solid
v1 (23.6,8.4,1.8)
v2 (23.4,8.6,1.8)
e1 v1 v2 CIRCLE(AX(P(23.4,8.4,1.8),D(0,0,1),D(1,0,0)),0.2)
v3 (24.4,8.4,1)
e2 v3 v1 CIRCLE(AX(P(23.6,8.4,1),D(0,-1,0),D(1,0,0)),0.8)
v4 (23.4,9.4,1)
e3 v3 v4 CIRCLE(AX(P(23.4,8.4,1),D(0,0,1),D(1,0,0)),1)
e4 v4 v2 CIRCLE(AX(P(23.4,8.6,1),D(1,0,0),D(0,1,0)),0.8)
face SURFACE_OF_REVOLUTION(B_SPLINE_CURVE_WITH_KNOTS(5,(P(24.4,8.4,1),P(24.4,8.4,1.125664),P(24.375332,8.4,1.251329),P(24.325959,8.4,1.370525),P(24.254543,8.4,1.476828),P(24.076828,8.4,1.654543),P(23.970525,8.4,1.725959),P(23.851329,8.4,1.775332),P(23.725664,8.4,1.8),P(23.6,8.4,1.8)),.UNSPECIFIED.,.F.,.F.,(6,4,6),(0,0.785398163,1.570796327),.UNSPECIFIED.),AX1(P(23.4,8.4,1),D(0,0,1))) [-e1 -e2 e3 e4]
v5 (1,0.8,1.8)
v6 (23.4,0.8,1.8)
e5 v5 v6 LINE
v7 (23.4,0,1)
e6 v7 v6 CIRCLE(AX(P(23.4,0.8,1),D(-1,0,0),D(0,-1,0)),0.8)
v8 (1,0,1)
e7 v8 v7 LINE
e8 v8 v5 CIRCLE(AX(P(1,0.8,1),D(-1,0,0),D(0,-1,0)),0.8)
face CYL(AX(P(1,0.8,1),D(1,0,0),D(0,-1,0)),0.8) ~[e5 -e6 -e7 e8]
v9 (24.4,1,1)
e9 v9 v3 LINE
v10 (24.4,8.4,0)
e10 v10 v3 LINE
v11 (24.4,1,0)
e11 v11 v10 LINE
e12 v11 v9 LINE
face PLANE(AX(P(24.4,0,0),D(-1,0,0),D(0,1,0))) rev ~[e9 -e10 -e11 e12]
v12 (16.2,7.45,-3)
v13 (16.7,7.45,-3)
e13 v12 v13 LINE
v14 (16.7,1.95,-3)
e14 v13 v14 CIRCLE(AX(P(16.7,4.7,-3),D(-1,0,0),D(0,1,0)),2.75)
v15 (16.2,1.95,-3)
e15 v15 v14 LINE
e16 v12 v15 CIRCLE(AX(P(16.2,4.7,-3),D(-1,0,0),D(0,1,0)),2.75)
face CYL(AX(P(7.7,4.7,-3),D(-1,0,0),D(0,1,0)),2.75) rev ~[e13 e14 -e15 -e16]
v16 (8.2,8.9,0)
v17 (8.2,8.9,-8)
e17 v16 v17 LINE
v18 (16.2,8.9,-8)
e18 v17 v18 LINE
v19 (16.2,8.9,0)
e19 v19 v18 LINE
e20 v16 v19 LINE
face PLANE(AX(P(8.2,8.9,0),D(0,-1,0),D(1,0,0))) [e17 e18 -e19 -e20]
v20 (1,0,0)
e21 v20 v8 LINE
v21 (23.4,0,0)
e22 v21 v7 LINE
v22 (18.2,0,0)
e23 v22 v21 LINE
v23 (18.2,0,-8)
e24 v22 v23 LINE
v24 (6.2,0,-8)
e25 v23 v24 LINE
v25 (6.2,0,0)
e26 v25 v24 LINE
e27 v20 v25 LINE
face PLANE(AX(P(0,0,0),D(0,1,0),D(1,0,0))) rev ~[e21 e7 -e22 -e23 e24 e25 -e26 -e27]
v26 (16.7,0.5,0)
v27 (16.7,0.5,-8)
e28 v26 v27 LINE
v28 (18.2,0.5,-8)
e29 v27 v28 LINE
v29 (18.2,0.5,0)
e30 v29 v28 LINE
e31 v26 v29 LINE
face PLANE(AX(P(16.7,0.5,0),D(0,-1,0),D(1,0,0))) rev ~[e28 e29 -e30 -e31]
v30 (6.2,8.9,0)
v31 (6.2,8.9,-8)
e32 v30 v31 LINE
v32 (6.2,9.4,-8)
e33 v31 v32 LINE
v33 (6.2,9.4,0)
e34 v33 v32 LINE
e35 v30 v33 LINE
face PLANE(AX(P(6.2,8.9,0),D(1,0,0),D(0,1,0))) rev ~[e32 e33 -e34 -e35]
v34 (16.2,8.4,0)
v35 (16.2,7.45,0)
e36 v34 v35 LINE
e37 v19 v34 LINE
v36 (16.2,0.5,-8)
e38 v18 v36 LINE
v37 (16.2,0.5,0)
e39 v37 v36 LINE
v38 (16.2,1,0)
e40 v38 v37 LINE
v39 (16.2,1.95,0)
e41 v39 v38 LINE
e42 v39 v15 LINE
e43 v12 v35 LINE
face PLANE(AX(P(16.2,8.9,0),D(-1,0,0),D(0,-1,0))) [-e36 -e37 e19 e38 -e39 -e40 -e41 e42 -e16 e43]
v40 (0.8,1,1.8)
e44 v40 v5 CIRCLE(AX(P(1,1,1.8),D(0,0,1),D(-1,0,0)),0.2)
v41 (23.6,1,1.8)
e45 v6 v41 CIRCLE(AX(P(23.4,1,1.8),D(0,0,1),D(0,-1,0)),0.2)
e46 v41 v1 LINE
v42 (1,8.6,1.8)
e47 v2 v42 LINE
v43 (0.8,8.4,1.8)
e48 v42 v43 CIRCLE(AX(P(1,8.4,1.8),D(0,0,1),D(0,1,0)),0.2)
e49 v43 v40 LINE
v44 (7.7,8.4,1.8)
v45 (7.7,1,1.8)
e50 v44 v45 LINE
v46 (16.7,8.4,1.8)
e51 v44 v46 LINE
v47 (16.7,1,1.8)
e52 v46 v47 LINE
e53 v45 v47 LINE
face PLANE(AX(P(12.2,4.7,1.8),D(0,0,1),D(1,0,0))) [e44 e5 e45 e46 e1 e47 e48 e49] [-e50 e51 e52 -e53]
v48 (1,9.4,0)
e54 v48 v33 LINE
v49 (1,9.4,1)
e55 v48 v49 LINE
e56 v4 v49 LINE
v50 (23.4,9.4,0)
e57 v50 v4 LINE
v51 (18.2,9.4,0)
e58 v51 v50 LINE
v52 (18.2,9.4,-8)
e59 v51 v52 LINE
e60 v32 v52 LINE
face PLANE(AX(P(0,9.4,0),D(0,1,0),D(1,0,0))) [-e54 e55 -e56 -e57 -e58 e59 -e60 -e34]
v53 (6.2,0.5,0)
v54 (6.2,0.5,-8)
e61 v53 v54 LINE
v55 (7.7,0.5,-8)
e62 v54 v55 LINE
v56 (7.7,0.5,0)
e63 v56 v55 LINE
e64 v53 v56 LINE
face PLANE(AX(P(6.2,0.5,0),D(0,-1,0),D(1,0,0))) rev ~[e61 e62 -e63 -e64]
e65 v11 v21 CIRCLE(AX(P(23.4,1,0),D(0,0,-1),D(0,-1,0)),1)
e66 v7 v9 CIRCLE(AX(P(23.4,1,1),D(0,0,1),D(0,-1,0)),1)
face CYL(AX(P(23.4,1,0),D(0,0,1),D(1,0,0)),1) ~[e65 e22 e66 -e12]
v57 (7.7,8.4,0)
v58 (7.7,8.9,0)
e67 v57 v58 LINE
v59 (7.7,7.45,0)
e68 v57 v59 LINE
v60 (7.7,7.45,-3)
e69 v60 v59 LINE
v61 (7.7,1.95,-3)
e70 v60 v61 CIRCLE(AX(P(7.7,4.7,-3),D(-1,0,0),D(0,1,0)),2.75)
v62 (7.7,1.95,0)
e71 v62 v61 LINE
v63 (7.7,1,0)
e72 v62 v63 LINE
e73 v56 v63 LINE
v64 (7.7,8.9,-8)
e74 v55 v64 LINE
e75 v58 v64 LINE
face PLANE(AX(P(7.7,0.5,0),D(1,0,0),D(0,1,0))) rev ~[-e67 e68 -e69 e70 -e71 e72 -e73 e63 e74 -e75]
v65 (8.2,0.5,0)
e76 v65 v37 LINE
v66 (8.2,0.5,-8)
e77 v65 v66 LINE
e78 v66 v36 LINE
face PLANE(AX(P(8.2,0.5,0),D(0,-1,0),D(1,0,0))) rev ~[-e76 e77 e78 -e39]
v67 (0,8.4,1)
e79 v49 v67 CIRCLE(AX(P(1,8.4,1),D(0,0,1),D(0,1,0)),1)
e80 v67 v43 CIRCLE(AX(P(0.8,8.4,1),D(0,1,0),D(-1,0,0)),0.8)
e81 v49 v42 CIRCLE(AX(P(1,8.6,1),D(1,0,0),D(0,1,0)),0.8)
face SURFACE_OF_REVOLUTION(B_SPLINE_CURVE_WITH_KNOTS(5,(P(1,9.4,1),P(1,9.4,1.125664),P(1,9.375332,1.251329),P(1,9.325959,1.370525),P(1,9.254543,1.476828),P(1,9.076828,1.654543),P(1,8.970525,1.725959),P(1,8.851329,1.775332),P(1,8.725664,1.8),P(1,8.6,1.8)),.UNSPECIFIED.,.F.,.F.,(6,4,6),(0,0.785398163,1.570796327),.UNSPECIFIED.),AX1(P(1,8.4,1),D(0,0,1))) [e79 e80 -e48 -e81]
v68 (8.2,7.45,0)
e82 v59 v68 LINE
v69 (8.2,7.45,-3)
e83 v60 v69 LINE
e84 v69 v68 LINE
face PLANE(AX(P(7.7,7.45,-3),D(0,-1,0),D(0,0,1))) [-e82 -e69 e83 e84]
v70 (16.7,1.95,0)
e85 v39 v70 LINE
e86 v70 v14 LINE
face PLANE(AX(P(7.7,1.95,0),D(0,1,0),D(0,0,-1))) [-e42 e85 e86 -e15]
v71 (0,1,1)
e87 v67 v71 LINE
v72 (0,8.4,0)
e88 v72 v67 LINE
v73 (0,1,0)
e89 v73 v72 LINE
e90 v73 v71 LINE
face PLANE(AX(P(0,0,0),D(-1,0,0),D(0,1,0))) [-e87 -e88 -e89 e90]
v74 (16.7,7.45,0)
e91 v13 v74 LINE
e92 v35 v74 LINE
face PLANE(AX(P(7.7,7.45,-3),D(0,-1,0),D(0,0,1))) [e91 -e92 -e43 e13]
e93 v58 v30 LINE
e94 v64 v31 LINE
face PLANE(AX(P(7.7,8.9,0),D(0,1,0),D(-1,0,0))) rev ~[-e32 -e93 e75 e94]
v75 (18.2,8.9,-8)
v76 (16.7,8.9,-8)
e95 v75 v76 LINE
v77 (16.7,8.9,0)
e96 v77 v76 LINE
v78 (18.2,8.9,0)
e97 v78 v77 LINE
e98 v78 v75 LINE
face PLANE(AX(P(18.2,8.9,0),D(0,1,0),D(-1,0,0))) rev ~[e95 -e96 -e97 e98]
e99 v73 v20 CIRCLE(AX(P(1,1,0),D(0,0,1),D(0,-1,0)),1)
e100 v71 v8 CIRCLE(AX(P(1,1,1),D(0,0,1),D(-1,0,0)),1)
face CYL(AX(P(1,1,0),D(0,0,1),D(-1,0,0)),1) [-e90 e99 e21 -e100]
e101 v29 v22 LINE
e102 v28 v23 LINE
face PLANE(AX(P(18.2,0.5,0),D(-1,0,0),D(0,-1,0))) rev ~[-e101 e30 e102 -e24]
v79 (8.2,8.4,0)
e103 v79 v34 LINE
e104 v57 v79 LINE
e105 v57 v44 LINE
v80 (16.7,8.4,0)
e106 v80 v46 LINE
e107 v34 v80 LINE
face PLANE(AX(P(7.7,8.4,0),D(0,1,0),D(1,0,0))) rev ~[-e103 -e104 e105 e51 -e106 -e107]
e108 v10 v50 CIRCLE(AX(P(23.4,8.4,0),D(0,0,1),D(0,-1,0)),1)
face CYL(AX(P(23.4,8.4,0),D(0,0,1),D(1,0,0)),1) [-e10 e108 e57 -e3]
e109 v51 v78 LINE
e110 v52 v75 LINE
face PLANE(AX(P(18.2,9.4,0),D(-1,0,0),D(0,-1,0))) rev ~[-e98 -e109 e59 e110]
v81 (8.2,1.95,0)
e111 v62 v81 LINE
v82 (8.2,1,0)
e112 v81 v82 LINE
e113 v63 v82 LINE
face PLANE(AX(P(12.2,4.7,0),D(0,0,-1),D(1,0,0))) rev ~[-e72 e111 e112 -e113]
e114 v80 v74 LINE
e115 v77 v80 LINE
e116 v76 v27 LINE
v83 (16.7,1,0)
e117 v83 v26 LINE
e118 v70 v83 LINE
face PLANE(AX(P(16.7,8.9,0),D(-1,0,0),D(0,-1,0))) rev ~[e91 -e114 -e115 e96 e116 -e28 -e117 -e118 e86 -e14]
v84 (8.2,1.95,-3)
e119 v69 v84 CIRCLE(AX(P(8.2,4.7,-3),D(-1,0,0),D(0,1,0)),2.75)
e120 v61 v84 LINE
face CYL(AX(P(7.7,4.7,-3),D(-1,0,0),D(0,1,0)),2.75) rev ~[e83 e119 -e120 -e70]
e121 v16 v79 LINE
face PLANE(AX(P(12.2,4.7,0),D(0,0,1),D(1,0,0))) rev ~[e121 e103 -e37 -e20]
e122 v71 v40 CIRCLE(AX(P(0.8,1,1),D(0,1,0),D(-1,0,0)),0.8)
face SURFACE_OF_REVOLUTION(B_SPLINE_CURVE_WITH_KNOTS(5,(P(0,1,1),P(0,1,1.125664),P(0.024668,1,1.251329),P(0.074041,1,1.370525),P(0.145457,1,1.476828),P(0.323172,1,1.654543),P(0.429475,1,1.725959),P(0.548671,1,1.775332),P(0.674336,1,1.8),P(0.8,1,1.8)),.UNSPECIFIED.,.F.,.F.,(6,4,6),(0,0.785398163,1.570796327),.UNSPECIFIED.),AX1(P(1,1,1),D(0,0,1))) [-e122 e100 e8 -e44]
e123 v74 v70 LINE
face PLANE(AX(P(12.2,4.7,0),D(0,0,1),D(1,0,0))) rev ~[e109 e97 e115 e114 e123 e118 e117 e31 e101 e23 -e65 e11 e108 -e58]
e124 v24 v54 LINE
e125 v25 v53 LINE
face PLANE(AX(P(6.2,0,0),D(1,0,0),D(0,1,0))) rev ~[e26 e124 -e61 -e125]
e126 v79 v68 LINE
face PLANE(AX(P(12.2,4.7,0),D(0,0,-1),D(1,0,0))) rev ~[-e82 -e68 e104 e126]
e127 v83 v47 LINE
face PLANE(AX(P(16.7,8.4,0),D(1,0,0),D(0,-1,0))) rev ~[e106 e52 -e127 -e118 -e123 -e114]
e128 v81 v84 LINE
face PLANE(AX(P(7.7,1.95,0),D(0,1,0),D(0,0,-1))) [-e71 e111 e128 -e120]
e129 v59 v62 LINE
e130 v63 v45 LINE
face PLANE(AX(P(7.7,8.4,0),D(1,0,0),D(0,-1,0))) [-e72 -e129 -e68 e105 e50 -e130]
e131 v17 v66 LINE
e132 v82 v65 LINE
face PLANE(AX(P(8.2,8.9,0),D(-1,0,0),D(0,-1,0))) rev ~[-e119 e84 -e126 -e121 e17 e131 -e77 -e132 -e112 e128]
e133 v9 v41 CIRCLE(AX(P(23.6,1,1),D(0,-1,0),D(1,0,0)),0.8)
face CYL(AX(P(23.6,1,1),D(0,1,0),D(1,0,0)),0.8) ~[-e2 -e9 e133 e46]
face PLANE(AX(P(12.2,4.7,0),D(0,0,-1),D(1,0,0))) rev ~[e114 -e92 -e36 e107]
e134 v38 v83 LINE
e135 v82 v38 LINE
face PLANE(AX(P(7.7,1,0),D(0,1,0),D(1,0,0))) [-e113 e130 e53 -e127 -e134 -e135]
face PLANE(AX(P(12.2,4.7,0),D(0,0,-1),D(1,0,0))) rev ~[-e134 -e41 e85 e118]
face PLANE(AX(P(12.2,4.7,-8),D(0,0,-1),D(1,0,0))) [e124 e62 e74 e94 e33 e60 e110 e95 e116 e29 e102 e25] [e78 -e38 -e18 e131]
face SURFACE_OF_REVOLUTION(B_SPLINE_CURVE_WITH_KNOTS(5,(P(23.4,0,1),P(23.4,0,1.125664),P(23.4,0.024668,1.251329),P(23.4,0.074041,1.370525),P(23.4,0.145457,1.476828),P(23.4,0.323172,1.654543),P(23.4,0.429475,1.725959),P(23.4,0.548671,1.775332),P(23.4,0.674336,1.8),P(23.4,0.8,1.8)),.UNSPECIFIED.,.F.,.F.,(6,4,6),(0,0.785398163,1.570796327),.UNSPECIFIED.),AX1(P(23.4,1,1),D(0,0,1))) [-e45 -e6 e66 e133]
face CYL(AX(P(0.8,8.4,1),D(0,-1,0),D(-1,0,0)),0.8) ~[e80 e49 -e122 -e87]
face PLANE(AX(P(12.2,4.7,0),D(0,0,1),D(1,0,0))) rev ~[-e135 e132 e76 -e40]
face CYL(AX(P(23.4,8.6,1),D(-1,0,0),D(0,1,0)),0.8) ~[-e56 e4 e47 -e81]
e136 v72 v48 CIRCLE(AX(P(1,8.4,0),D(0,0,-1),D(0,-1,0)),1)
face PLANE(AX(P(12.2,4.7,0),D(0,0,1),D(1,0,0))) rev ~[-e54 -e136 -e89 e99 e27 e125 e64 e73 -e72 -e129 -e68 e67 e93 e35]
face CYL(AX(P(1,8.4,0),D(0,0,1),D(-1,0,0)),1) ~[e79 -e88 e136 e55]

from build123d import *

# Parameters (mm, degrees)
SKETCH001_W     = 24.4
SKETCH001_H     = 9.4
PAD_DEPTH       = 1.8
SKETCH_W        = 8
SKETCH_H        = 8.4
PAD001_DEPTH    = 8
SKETCH002_W     = 9
SKETCH002_H     = 7.4
POCKET_DEPTH    = 1.8
POCKET002_DEPTH = 16.701
FILLET_R        = 1
FILLET001_R     = 0.8


with BuildPart() as part:
    # Sketch001 → Pad (new body)
    with BuildSketch(Plane.XY):
        with Locations((12.2, 4.7)):
            Rectangle(SKETCH001_W, SKETCH001_H)
    extrude(amount=PAD_DEPTH)

    # Sketch (on Face5 of Pad) → Pad001 (join)
    with BuildSketch(Plane(origin=(0, 0, 0), x_dir=(1, 0, 0), z_dir=(0, 0, -1))):
        Polygon((6.2, 0), (6.2, -0.5), (7.7, -0.5), (7.7, -8.9), (6.2, -8.9), (6.2, -9.4), (18.2, -9.4), (18.2, -8.9), (16.7, -8.9), (16.7, -0.5), (18.2, -0.5), (18.2, 0), align=None)
        with Locations((12.2, -4.7)):
            Rectangle(SKETCH_W, SKETCH_H, mode=Mode.SUBTRACT)
    extrude(amount=PAD001_DEPTH)

    # Sketch002 (on Face25 of Pad001) → Pocket (cut)
    with BuildSketch(Plane(origin=(0, 0, 0), x_dir=(1, 0, 0), z_dir=(0, 0, -1))):
        with Locations((12.2, -4.7)):
            Rectangle(SKETCH002_W, SKETCH002_H)
    extrude(amount=-POCKET_DEPTH, mode=Mode.SUBTRACT)

    # Sketch004 → Pocket002 (cut, through all)
    with BuildSketch(Plane(origin=(7.7, 0, 0), x_dir=(0, -1, 0), z_dir=(-1, 0, 0))):
        with BuildLine():
            Line((-7.45, -3), (-7.45, 0))
            Line((-7.45, 0), (-1.95, 0))
            Line((-1.95, 0), (-1.95, -3))
            ThreePointArc((-7.45, -3), (-4.7, -5.75), (-1.95, -3))
        make_face()
    extrude(amount=-POCKET002_DEPTH, mode=Mode.SUBTRACT)

    # Fillet
    fillet_edges = [part.edges().sort_by_distance(p)[0] for p in [
        (0, 0, 0.9),
        (0, 9.4, 0.9),
        (24.4, 0, 0.9),
        (24.4, 9.4, 0.9),
    ]]
    fillet(fillet_edges, radius=FILLET_R)

    # Fillet001
    fillet001_edges = [part.edges().sort_by_distance(p)[0] for p in [
        (0.292893, 0.292893, 1.8),
        (0, 4.7, 1.8),
        (0.292893, 9.107107, 1.8),
        (12.2, 9.4, 1.8),
        (24.107107, 9.107107, 1.8),
        (24.4, 4.7, 1.8),
        (24.107107, 0.292893, 1.8),
        (12.2, 0, 1.8),
    ]]
    fillet(fillet001_edges, radius=FILLET001_R)


solid = part.part
